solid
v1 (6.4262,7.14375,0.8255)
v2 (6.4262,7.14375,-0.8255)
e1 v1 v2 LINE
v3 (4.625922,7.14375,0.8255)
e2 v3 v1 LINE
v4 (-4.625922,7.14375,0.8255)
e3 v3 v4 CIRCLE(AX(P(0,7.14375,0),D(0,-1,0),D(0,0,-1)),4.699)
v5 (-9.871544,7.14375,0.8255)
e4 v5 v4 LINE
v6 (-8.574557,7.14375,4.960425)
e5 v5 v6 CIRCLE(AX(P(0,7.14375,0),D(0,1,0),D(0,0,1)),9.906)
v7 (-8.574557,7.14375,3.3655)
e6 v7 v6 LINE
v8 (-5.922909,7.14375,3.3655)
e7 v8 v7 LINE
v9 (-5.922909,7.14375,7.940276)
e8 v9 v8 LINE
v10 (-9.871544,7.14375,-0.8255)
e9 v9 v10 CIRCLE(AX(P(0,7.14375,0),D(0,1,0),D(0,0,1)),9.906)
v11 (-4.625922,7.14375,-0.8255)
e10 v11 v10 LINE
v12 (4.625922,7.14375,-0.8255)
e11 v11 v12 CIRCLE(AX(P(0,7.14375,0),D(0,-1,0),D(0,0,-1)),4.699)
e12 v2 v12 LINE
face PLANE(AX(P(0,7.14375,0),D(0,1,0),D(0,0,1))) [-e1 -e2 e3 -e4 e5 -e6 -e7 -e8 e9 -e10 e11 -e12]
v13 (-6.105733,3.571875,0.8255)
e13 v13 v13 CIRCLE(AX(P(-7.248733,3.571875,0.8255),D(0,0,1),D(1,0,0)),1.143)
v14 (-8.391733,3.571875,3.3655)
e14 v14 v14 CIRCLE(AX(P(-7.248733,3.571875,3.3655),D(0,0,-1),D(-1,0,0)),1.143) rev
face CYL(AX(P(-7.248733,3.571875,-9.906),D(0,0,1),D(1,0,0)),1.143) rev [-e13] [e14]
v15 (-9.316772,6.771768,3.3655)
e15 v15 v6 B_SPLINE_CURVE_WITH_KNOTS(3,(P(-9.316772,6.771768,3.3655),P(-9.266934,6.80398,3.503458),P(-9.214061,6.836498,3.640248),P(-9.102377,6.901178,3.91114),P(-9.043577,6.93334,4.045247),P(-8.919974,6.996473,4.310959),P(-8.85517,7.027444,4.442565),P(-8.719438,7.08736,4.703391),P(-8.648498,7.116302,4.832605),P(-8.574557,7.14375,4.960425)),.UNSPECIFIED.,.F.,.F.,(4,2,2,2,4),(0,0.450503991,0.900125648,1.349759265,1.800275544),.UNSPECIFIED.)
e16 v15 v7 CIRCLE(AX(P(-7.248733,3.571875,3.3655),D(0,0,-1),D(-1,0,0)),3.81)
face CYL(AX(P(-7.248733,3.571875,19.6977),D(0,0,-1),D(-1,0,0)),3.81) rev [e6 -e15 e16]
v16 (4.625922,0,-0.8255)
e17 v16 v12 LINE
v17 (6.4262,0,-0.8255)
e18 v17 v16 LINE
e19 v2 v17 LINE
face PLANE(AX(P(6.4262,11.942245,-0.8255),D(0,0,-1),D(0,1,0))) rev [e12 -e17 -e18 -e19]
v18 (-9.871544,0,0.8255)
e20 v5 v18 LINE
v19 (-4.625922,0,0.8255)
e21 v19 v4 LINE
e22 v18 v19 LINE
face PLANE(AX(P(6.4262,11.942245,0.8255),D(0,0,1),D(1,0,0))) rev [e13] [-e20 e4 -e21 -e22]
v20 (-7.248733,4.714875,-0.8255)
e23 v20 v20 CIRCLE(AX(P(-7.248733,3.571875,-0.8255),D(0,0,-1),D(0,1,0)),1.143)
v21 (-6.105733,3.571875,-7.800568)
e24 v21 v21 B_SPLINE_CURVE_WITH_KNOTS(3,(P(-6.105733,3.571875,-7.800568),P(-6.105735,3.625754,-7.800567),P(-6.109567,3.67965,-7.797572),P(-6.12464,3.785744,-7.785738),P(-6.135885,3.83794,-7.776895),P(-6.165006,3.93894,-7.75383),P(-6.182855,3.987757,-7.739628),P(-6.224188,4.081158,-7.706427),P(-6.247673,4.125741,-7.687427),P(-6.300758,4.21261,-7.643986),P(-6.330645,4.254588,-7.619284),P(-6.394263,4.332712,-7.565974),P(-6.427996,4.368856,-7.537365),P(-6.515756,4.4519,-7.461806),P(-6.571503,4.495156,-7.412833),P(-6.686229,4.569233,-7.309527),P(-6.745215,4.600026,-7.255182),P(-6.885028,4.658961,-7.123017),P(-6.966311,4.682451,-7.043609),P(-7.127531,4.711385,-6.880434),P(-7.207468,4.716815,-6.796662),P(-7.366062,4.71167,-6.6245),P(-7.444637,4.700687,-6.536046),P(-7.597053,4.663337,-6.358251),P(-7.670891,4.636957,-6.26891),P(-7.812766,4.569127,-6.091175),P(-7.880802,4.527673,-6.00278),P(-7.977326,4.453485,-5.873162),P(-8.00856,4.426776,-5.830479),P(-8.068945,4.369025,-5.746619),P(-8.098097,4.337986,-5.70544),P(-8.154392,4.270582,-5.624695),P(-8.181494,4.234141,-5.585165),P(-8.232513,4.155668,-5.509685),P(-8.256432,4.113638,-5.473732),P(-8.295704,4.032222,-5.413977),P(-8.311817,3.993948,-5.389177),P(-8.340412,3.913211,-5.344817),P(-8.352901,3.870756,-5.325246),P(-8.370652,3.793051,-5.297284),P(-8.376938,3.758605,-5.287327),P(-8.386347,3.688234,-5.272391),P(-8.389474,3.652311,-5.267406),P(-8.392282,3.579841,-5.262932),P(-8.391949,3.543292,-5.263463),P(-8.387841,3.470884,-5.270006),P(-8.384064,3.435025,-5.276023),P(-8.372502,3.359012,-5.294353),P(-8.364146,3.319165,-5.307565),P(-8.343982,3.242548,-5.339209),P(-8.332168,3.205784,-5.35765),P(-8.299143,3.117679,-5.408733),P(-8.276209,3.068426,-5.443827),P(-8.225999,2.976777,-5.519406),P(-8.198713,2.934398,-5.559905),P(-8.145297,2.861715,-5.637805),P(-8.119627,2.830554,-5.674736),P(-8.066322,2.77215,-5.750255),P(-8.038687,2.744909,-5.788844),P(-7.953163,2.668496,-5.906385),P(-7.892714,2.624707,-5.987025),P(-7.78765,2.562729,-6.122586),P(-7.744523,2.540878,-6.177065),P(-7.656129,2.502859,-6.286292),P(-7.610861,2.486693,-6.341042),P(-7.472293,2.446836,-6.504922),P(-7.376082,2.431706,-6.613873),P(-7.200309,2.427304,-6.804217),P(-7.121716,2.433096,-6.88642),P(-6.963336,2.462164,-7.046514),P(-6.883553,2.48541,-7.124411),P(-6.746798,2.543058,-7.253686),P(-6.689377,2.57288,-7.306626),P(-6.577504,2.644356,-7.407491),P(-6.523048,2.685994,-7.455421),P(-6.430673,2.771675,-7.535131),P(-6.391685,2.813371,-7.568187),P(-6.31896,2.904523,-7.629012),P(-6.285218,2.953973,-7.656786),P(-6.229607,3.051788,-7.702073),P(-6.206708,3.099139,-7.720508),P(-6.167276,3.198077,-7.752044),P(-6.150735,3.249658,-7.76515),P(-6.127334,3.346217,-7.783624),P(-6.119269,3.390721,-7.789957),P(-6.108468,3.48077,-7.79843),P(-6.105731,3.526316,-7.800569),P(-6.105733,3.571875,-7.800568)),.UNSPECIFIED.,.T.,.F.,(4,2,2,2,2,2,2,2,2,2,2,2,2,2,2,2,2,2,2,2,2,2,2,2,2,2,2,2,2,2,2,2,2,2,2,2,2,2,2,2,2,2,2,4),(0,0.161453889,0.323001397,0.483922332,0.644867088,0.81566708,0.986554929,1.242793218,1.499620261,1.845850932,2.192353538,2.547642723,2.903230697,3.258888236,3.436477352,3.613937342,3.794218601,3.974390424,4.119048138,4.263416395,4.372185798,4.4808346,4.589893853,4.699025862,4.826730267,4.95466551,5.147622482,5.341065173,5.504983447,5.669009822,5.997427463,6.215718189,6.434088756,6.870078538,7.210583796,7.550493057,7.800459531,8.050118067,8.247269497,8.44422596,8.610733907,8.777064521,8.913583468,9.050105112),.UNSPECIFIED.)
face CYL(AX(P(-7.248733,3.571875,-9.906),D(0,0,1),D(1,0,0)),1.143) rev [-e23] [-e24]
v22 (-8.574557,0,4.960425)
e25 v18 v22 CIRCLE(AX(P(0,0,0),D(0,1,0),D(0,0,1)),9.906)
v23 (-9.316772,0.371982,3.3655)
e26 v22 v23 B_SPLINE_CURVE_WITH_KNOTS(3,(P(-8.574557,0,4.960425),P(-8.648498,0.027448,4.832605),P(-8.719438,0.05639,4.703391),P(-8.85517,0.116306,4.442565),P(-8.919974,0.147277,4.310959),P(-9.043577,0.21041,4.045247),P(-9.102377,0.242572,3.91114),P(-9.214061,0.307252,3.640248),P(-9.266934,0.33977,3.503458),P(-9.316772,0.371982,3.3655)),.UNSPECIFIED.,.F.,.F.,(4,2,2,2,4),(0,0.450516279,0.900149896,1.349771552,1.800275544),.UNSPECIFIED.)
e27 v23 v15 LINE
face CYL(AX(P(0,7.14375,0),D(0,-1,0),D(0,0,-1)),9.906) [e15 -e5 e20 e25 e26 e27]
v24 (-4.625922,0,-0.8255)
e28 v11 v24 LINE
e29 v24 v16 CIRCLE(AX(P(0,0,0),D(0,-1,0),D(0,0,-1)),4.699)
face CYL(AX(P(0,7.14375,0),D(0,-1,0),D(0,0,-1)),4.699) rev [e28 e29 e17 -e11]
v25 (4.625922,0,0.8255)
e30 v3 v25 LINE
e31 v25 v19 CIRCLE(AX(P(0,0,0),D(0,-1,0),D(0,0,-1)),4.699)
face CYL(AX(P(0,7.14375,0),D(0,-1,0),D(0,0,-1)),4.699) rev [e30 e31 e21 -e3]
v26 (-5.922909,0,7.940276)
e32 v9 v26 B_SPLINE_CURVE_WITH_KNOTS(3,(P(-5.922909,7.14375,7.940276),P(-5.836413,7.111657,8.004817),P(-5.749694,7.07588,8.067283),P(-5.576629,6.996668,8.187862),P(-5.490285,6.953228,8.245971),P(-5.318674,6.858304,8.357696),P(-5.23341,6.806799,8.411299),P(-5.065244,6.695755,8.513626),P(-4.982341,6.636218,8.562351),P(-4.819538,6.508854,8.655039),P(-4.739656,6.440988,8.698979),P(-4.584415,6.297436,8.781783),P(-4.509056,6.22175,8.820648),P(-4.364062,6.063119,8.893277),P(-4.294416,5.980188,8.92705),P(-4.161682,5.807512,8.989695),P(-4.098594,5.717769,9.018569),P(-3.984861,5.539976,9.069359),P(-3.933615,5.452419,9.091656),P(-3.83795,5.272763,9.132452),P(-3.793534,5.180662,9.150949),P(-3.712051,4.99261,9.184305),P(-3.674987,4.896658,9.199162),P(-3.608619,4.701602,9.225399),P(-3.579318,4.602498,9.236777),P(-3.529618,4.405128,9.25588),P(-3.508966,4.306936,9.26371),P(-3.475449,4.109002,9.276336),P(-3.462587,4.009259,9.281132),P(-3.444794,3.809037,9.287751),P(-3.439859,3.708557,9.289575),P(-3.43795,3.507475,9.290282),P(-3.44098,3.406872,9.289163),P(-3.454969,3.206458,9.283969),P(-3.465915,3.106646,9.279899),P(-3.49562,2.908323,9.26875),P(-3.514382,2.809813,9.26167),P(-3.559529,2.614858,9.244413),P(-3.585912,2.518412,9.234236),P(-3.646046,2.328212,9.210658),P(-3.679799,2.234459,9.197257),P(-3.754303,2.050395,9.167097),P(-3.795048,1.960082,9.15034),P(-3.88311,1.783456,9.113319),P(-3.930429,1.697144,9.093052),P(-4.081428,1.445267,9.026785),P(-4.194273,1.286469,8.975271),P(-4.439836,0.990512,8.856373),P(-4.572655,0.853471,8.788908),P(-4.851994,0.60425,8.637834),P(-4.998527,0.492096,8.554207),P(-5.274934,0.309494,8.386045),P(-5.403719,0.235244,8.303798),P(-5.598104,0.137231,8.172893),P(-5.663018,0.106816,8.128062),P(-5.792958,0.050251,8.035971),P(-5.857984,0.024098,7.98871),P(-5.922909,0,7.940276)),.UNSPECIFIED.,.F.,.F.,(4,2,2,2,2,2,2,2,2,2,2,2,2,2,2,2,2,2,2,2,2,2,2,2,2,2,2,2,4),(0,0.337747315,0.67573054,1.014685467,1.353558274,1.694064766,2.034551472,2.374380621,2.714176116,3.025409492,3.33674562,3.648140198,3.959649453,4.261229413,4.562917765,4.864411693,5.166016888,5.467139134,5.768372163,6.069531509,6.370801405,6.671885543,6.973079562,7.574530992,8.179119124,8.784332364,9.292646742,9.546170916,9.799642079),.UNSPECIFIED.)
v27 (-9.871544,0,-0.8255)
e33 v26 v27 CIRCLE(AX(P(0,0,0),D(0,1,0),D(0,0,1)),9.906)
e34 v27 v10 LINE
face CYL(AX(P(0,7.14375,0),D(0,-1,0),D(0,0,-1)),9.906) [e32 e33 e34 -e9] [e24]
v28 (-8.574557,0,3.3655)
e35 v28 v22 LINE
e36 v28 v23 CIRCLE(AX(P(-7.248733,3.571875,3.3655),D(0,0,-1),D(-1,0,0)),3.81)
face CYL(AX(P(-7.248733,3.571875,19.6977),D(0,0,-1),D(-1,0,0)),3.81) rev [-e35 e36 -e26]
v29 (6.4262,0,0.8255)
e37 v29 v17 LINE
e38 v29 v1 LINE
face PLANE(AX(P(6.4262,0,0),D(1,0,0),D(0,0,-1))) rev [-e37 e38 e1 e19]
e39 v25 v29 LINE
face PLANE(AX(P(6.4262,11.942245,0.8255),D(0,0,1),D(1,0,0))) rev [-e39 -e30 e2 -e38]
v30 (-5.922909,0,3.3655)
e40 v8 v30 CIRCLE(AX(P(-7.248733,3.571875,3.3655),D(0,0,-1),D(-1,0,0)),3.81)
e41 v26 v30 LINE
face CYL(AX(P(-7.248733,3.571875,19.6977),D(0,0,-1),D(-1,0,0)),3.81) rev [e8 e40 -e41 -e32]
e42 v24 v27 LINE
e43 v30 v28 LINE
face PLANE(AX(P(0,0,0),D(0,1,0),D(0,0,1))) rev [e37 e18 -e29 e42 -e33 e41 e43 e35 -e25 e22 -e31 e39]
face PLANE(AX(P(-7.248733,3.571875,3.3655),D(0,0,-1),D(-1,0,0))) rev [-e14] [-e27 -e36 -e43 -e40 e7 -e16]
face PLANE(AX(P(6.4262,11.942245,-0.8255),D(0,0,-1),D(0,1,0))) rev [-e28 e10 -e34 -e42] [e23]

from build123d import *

# Parameters (mm, degrees)
SKETCH1_R               = 9.906
BOSS_EXTRUDE1_DEPTH     = 7.14375
SKETCH2_R               = 4.699
CUT_EXTRUDE1_DEPTH      = 8.14375
SKETCH5_W               = 1.651
SKETCH5_H               = 13.498105676
CUT_EXTRUDE3_DEPTH      = 16.3322
SKETCH6_R               = 1.143
CUT_EXTRUDE4_DEPTH      = 11.7315
CUT_EXTRUDE4_DEPTH_BACK = 10.0805
SKETCH8_R               = 3.81
CUT_EXTRUDE5_DEPTH      = 16.3322


with BuildPart() as part:
    # Sketch1 → Boss-Extrude1 (new body)
    with BuildSketch(Plane(origin=(0, 0, 0), x_dir=(1, 0, 0), z_dir=(0, 1, 0))):
        Circle(SKETCH1_R)
    extrude(amount=BOSS_EXTRUDE1_DEPTH)

    # Sketch2 → Cut-Extrude1 (cut, through all)
    with BuildSketch(Plane(origin=(0, 0, 0), x_dir=(-1, 0, 0), z_dir=(0, -1, 0))):
        Circle(SKETCH2_R)
    extrude(amount=-CUT_EXTRUDE1_DEPTH, mode=Mode.SUBTRACT)

    # Sketch5 → Cut-Extrude3 (cut)
    with BuildSketch(Plane.ZY.offset(9.906)):
        with Locations((0, 5.193192543)):
            Rectangle(SKETCH5_W, SKETCH5_H)
    extrude(amount=-CUT_EXTRUDE3_DEPTH, mode=Mode.SUBTRACT)

    # Sketch6 → Cut-Extrude4 (cut, two sides)
    with BuildSketch(Plane.XY.offset(-0.8255)) as cut_extrude4_sk:
        with Locations((-7.248732927, 3.571875)):
            Circle(SKETCH6_R)
    extrude(amount=CUT_EXTRUDE4_DEPTH, mode=Mode.SUBTRACT)
    extrude(cut_extrude4_sk.sketch, amount=-CUT_EXTRUDE4_DEPTH_BACK, mode=Mode.SUBTRACT)

    # Sketch8 → Cut-Extrude5 (cut)
    with BuildSketch(Plane(origin=(0, 0, 3.3655), x_dir=(-1, 0, 0), z_dir=(0, 0, -1))):
        with Locations((7.248732927, 3.571875)):
            Circle(SKETCH8_R)
    extrude(amount=-CUT_EXTRUDE5_DEPTH, mode=Mode.SUBTRACT)


solid = part.part
